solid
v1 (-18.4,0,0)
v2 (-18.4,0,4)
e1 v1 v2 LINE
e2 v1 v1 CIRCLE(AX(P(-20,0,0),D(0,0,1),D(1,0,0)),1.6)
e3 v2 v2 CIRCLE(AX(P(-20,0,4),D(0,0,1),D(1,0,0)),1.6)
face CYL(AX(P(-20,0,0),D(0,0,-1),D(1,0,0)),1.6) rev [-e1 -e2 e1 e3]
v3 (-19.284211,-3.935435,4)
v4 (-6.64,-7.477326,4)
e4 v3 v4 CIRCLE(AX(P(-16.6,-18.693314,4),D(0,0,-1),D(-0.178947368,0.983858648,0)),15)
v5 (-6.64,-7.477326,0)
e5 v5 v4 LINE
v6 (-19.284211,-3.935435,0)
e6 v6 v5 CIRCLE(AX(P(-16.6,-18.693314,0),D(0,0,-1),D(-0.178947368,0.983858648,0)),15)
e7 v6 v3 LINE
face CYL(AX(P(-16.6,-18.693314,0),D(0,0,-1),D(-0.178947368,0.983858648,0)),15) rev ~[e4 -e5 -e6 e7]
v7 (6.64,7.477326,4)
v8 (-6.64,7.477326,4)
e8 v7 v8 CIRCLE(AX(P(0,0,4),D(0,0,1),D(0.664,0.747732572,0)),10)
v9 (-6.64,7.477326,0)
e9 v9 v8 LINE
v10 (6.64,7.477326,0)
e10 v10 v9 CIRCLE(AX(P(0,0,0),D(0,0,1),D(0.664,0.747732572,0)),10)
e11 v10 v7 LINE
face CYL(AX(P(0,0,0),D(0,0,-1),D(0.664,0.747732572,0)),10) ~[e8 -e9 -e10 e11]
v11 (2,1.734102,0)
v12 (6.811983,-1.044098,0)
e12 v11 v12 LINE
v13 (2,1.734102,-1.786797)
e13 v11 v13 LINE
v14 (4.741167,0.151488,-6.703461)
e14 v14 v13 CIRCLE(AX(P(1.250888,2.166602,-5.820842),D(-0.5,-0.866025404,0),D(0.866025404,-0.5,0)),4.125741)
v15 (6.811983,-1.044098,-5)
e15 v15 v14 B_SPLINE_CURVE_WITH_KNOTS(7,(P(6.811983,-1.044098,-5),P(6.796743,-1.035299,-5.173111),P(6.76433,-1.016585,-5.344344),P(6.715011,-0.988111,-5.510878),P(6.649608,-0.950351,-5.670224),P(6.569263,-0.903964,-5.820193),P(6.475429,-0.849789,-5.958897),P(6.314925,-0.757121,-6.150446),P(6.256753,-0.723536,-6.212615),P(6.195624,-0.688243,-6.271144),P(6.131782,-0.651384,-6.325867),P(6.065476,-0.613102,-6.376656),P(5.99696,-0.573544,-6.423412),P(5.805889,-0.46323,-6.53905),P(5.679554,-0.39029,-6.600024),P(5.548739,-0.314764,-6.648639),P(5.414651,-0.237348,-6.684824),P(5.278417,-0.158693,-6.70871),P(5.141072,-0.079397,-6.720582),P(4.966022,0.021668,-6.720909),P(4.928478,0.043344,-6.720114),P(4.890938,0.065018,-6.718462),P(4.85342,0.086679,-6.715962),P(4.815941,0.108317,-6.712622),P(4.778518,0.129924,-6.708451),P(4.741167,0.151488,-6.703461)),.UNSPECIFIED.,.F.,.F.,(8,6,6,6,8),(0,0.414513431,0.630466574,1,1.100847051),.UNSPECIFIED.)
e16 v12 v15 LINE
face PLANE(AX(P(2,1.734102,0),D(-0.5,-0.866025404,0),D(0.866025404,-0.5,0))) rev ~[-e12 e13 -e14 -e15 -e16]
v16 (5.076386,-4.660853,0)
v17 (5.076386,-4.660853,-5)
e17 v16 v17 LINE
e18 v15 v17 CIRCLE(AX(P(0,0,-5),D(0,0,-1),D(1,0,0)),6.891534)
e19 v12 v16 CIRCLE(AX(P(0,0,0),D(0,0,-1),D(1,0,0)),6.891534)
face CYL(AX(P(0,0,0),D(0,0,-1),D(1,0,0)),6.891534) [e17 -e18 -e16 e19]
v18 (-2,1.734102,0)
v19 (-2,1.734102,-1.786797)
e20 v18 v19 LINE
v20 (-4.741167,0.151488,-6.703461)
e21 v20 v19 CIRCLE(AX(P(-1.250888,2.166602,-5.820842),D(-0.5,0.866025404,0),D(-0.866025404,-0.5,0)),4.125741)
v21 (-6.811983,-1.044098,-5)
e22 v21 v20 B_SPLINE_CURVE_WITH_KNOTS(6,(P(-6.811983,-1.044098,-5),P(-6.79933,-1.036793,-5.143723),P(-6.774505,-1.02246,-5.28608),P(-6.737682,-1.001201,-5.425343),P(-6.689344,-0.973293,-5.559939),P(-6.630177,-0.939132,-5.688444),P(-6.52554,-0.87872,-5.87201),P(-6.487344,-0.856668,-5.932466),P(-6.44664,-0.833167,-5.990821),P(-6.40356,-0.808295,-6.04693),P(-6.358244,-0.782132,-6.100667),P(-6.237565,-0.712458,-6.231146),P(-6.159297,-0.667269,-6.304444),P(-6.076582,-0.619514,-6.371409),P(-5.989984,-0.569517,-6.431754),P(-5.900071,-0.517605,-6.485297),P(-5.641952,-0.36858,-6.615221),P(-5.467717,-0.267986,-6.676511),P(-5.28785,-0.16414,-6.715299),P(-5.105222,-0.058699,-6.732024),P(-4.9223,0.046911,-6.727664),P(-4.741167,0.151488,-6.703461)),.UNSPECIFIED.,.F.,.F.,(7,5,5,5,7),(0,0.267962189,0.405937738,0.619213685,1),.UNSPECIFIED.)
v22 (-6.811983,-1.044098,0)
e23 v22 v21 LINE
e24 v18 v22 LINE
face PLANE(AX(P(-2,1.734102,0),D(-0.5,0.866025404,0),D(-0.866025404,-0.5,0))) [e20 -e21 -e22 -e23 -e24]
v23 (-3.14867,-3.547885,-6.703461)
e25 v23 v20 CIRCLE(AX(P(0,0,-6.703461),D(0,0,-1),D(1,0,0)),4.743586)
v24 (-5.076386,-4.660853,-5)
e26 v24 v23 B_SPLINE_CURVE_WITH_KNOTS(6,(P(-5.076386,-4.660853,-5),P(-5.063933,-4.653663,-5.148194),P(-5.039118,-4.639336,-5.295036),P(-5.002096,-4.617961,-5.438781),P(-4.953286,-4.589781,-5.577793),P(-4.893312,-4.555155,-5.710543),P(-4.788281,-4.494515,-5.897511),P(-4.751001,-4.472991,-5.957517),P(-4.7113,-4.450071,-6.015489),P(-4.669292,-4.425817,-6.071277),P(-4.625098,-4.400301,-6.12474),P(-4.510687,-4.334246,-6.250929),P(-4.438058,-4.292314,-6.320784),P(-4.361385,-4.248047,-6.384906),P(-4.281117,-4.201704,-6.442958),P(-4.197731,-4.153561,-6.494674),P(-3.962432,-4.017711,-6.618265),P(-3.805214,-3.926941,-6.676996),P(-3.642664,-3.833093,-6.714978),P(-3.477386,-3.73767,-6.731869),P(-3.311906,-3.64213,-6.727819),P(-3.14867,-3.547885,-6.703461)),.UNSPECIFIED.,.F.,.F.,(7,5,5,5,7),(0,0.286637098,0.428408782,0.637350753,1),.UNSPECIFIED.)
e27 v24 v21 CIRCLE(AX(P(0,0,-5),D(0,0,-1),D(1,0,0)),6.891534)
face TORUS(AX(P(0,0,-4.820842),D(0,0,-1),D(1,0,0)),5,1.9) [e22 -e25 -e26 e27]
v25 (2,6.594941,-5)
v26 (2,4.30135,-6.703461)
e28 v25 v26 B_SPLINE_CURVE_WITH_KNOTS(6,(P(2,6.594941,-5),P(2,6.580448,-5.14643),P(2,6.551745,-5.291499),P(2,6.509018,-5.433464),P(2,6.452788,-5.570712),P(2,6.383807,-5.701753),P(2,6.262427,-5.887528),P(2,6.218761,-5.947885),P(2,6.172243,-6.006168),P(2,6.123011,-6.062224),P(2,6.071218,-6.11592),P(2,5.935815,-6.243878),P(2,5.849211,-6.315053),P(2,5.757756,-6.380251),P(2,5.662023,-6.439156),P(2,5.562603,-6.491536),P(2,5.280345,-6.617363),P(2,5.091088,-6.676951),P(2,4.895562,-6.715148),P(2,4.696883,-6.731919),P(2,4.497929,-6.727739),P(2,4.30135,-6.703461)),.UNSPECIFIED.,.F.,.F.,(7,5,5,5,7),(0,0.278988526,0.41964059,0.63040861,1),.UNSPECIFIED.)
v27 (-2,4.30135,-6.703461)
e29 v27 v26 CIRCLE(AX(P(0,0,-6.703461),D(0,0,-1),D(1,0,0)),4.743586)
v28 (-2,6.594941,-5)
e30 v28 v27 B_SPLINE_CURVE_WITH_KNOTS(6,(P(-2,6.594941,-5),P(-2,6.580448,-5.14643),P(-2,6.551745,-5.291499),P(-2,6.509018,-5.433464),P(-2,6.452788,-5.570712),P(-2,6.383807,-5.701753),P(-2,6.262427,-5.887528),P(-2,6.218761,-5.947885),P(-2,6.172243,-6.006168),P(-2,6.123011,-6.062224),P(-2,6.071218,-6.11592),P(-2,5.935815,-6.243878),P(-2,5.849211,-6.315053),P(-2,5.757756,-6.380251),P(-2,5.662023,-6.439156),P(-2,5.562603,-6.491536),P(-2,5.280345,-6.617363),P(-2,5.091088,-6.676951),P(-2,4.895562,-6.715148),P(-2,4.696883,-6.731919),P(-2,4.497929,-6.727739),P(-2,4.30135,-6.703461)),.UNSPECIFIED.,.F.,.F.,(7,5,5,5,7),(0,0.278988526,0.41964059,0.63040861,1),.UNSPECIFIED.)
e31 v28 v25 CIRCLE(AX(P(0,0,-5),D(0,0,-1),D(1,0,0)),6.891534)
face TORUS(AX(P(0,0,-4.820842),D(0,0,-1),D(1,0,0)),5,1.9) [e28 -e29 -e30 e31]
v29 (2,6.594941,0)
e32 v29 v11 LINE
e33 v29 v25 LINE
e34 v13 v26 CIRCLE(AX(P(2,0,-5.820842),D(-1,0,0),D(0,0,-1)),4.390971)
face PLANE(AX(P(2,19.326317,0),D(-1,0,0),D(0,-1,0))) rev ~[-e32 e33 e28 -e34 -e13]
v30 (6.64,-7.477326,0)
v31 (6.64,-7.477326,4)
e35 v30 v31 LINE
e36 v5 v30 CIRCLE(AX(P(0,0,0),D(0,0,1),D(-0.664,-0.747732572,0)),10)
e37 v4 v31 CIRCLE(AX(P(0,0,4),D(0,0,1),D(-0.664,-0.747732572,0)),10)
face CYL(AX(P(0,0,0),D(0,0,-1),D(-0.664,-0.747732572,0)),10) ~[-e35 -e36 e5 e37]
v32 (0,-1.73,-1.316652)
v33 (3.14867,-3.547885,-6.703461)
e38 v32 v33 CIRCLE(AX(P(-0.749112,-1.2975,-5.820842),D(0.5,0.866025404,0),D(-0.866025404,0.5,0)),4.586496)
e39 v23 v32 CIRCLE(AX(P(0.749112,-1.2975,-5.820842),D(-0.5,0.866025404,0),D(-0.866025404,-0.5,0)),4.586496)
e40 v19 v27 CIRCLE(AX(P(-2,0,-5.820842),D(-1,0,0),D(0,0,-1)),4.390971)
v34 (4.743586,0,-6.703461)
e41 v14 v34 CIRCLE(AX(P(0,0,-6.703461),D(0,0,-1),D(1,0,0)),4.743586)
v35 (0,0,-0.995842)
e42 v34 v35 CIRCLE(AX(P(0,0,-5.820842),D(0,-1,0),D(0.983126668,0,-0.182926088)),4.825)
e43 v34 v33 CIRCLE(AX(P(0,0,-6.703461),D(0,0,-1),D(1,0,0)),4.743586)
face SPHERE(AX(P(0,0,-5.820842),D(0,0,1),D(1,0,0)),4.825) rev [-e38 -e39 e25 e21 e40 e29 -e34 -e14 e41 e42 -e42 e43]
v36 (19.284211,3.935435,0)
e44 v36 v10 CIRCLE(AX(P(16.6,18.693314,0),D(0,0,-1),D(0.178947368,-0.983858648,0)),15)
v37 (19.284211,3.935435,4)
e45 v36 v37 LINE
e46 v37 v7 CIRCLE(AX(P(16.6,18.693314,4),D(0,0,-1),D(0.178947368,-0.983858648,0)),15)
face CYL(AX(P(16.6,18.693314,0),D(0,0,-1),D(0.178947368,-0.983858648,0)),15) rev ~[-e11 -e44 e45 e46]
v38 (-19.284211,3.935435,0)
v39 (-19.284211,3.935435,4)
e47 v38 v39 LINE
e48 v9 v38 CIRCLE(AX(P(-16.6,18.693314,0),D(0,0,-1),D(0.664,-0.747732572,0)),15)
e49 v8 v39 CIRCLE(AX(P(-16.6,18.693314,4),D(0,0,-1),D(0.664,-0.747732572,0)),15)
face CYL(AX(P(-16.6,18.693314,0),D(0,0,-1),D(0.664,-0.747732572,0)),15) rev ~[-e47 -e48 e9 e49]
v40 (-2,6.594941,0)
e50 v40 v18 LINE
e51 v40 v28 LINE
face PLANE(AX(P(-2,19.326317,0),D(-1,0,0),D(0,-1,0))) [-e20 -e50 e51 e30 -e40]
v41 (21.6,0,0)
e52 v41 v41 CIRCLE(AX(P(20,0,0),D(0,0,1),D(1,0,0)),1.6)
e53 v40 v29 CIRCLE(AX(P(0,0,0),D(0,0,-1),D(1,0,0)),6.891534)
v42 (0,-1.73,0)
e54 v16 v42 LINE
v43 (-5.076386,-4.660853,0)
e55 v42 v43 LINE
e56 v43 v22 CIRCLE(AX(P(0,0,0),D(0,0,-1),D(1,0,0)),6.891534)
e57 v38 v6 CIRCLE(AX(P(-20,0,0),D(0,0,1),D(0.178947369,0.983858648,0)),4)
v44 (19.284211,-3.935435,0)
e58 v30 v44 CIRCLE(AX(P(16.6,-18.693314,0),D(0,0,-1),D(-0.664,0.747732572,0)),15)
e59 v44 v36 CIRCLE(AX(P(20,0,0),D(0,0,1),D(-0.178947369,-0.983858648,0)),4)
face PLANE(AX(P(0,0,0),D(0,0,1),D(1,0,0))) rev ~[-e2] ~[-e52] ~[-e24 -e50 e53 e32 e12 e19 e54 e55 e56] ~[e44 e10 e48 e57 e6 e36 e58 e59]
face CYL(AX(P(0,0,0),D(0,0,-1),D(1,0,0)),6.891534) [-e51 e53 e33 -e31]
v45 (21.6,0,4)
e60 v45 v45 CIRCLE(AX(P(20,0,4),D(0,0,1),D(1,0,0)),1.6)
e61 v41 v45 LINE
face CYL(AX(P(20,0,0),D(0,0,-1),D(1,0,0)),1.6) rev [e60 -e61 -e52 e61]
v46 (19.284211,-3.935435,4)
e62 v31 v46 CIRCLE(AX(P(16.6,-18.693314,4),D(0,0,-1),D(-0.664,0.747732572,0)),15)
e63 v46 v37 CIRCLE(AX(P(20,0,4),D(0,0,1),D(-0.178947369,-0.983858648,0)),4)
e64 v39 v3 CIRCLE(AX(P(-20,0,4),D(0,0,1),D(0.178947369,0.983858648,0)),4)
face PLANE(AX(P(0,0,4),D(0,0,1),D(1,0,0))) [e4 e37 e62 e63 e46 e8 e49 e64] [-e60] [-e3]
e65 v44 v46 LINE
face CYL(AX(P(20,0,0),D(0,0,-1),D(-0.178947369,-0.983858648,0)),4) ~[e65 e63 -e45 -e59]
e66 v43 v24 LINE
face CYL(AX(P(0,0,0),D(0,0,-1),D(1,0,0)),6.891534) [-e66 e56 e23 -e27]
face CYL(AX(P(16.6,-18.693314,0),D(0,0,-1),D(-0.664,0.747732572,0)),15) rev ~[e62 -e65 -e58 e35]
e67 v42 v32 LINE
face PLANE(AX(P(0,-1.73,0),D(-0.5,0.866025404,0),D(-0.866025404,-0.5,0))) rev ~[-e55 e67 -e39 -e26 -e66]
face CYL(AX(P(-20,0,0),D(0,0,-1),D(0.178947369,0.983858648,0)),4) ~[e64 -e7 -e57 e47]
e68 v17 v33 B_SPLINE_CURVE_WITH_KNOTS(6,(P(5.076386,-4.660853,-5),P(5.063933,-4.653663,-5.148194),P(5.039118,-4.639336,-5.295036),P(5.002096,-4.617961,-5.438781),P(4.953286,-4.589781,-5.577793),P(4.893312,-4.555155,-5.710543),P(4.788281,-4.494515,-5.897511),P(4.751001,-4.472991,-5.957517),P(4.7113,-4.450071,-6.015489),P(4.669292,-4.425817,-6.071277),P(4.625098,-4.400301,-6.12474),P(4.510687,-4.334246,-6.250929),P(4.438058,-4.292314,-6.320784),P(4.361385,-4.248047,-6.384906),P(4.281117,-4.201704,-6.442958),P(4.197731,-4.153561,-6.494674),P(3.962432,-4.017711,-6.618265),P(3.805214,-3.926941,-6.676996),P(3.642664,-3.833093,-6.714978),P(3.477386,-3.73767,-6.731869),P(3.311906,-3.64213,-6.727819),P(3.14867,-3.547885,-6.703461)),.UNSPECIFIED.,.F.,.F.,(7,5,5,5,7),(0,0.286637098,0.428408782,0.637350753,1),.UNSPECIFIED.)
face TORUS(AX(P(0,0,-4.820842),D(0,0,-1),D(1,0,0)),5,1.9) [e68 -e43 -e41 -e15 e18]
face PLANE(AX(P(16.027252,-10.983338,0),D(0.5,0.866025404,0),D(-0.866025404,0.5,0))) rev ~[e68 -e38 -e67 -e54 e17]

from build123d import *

# Parameters (mm, degrees)
CORTE_EXTRUS_O1_DEPTH    = 12.838758968
ESBO_O4_R                = 1.6
RESSALTO_EXTRUS_O1_DEPTH = 4


with BuildPart() as part:
    # Esboço1 → Revolução1 (revolve)
    with BuildSketch(Plane(origin=(0, 0, 0), x_dir=(1, 0, 0), z_dir=(0, 1, 0))):
        with BuildLine():
            Line((0, 0), (6.891534421, 0))
            Line((6.891534421, 0), (6.891534421, 5))
            ThreePointArc((6.891534421, 5), (6.180613943, 6.309516298), (4.743586175, 6.703460527))
            ThreePointArc((4.743586175, 6.703460527), (3.710745118, 2.736851933), (0, 0.995842151))
            Line((0, 0.995842151), (0, 0))
        make_face()
    revolve(axis=Axis((0, 0, 0), (0, 0, -1)))

    # Esboço3 → Corte-extrusão1 (cut, through all)
    with BuildSketch(Plane.XY):
        with BuildLine():
            Line((-2, 19.326317369), (-2, 1.734101615))
            Line((-2, 1.734101615), (-17.937282026, -7.467292453))
            ThreePointArc((-17.937282026, -7.467292453), (-16.698748021, 9.932691356), (-2, 19.326317369))
        make_face()
        with BuildLine():
            Line((2, 19.326317369), (2, 1.734101615))
            Line((2, 1.734101615), (17.937282026, -7.467292453))
            ThreePointArc((17.937282026, -7.467292453), (16.698748021, 9.932691356), (2, 19.326317369))
        make_face()
        with BuildLine():
            Line((0, -1.73), (-16.027252382, -10.983338477))
            ThreePointArc((-16.027252382, -10.983338477), (0, -19.429527607), (16.027252382, -10.983338477))
            Line((16.027252382, -10.983338477), (0, -1.73))
        make_face()
    extrude(amount=-CORTE_EXTRUS_O1_DEPTH, mode=Mode.SUBTRACT)

    # Esboço4 → Ressalto-extrusão1 (add)
    with BuildSketch(Plane.XY):
        with BuildLine():
            ThreePointArc((-6.64, -7.477325725), (0, -10), (6.64, -7.477325725))
            ThreePointArc((6.64, -7.477325725), (12.553949294, -4.249302623), (19.284210526, -3.935434592))
            ThreePointArc((19.284210526, -3.935434592), (24, 0), (19.284210526, 3.935434592))
            ThreePointArc((19.284210526, 3.935434592), (12.553949294, 4.249302623), (6.64, 7.477325725))
            ThreePointArc((6.64, 7.477325725), (0, 10), (-6.64, 7.477325725))
            ThreePointArc((-6.64, 7.477325725), (-12.553949294, 4.249302623), (-19.284210526, 3.935434592))
            ThreePointArc((-19.284210526, 3.935434592), (-24, 0), (-19.284210526, -3.935434592))
            ThreePointArc((-19.284210526, -3.935434592), (-12.553949294, -4.249302623), (-6.64, -7.477325725))
        make_face()
        with Locations((20, 0)):
            Circle(ESBO_O4_R, mode=Mode.SUBTRACT)
        with Locations((-20, 0)):
            Circle(ESBO_O4_R, mode=Mode.SUBTRACT)
    extrude(amount=RESSALTO_EXTRUS_O1_DEPTH)


solid = part.part
